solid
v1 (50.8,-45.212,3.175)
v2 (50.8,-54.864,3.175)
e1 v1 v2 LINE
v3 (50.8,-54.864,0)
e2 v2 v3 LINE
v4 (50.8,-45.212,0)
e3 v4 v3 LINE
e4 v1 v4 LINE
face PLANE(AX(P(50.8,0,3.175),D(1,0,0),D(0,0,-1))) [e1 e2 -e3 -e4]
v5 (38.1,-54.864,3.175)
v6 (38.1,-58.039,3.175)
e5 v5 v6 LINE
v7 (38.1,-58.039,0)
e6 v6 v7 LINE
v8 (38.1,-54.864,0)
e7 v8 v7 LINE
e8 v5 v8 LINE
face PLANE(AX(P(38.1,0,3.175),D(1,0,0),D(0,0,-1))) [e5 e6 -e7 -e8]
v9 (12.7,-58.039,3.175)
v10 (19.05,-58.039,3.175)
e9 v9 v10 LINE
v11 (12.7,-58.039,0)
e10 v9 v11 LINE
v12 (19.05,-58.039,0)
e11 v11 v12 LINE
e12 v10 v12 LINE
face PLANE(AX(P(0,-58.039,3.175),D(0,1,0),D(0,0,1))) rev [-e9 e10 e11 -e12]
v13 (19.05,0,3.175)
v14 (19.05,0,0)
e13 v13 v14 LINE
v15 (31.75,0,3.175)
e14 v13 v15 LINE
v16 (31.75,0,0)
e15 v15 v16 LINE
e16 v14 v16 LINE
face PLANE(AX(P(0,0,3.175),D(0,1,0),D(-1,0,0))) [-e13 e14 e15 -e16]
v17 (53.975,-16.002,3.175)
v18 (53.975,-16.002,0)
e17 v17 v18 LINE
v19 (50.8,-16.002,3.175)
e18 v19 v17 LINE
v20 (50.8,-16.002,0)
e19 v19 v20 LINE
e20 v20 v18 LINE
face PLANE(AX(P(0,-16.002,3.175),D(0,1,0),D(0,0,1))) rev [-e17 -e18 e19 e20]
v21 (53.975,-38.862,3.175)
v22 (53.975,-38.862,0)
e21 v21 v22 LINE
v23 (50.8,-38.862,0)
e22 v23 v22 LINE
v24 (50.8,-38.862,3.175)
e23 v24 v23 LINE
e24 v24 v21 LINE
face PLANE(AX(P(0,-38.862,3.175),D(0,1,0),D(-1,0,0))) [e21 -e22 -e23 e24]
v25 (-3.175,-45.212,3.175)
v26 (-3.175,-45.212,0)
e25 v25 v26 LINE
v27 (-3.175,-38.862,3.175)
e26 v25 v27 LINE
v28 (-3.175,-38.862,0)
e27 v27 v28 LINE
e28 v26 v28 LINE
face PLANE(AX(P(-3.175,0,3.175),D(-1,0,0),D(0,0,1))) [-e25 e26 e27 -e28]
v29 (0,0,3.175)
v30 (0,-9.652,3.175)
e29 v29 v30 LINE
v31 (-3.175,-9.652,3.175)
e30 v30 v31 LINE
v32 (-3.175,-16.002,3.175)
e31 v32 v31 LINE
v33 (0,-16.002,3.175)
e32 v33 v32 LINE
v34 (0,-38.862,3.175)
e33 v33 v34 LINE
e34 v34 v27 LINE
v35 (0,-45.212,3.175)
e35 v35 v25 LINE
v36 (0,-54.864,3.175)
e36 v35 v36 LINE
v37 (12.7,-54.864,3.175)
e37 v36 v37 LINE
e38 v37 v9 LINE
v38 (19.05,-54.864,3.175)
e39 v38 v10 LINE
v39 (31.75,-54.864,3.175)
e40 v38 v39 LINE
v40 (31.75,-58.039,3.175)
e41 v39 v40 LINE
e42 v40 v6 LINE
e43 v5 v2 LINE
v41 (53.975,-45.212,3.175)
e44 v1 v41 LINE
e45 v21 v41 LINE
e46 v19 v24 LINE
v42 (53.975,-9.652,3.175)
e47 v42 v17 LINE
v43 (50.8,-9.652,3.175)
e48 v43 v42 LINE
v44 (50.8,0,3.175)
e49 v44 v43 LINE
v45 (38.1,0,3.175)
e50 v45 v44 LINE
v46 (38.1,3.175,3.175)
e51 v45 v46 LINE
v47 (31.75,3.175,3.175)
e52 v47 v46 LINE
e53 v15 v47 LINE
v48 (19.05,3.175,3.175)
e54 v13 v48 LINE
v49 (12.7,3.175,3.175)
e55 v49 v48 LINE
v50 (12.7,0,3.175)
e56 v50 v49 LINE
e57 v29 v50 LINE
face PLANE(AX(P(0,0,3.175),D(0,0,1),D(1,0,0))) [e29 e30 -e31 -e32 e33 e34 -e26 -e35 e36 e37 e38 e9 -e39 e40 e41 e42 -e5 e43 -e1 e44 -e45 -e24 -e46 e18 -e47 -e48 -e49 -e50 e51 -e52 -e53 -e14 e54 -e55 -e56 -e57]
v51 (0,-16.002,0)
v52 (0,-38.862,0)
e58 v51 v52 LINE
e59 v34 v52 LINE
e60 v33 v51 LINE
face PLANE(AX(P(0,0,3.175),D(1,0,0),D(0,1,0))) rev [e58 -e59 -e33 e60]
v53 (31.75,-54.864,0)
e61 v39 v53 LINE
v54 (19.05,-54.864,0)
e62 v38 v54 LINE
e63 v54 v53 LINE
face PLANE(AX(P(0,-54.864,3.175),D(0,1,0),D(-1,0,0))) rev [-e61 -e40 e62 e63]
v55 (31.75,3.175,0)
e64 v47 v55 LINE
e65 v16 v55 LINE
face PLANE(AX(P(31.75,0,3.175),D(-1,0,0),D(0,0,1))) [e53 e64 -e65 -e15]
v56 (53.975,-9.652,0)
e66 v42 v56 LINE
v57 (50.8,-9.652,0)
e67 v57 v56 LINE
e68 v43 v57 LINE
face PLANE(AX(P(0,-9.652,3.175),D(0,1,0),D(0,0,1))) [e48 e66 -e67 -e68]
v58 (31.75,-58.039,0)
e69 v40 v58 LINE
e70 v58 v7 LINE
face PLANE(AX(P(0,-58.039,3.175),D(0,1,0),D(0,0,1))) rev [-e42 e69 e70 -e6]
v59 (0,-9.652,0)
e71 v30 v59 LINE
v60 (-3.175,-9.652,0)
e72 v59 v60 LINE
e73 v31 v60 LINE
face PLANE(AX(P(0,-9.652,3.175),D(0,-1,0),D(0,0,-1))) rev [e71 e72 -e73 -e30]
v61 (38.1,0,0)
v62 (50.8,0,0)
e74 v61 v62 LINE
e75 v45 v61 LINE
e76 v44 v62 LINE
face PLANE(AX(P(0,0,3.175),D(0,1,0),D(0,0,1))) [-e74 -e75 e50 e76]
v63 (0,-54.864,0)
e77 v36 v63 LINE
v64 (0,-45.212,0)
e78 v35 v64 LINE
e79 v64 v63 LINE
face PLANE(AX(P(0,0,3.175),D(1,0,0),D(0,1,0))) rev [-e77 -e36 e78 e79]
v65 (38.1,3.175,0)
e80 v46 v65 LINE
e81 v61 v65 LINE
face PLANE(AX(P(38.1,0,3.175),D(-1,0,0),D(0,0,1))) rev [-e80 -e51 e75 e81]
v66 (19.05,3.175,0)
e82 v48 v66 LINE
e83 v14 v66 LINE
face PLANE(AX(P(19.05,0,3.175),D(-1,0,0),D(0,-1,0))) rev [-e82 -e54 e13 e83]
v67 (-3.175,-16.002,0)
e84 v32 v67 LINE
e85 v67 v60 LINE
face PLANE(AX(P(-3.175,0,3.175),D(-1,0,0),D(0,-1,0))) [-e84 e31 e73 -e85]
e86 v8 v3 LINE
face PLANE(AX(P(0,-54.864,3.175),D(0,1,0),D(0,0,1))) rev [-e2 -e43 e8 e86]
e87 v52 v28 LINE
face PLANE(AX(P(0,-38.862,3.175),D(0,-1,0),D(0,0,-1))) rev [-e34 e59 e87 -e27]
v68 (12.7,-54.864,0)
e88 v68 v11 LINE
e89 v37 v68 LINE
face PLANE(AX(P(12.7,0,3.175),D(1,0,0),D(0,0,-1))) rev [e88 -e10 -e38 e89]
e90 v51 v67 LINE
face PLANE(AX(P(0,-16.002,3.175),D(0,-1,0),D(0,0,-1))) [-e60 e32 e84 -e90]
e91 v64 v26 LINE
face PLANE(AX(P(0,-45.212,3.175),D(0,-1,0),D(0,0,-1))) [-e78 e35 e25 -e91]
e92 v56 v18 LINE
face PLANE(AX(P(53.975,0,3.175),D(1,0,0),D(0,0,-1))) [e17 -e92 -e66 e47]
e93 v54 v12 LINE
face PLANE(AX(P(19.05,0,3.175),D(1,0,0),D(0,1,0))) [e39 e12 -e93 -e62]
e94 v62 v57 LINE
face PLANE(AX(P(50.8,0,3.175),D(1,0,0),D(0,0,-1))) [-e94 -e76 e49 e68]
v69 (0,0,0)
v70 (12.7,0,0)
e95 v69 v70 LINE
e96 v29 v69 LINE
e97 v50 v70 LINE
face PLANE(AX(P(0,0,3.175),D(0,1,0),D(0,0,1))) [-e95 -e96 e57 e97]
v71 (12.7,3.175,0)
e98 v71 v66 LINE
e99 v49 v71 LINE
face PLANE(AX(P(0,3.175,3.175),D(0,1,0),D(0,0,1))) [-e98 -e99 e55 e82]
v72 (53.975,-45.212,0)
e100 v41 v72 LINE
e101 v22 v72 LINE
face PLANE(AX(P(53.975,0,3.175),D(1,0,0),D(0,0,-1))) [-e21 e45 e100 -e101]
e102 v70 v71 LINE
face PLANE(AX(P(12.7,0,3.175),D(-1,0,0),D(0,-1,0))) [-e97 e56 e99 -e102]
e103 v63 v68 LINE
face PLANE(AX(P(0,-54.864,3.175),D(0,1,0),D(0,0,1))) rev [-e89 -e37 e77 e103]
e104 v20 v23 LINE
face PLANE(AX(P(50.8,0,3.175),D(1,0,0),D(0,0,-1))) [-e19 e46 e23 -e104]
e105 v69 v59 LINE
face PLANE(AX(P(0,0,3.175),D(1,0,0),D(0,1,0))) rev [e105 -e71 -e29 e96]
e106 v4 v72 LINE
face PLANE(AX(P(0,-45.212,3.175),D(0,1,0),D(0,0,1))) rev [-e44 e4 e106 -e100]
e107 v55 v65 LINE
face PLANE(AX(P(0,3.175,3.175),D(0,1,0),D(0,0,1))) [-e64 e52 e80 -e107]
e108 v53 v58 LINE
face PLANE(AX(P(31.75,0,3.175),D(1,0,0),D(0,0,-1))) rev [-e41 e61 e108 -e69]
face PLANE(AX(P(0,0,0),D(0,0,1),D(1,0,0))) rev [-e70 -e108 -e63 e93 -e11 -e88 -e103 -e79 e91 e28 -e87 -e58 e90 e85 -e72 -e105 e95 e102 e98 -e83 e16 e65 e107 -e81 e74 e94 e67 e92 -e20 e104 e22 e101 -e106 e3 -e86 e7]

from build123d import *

# Parameters (mm, degrees)
BOSS_EXTRUDE1_DEPTH = 3.175


with BuildPart() as part:
    # Sketch1 → Boss-Extrude1 (new body)
    with BuildSketch(Plane.XY):
        Polygon((19.05, 0), (31.75, 0), (31.75, 3.175), (38.1, 3.175), (38.1, 0), (50.8, 0), (50.8, -9.652), (53.975, -9.652), (53.975, -16.002), (50.8, -16.002), (50.8, -38.862), (53.975, -38.862), (53.975, -45.212), (50.8, -45.212), (50.8, -54.864), (38.1, -54.864), (38.1, -58.039), (31.75, -58.039), (31.75, -54.864), (19.05, -54.864), (19.05, -58.039), (12.7, -58.039), (12.7, -54.864), (0, -54.864), (0, -45.212), (-3.175, -45.212), (-3.175, -38.862), (0, -38.862), (0, -16.002), (-3.175, -16.002), (-3.175, -9.652), (0, -9.652), (0, 0), (12.7, 0), (12.7, 3.175), (19.05, 3.175), align=None)
    extrude(amount=BOSS_EXTRUDE1_DEPTH)


solid = part.part
